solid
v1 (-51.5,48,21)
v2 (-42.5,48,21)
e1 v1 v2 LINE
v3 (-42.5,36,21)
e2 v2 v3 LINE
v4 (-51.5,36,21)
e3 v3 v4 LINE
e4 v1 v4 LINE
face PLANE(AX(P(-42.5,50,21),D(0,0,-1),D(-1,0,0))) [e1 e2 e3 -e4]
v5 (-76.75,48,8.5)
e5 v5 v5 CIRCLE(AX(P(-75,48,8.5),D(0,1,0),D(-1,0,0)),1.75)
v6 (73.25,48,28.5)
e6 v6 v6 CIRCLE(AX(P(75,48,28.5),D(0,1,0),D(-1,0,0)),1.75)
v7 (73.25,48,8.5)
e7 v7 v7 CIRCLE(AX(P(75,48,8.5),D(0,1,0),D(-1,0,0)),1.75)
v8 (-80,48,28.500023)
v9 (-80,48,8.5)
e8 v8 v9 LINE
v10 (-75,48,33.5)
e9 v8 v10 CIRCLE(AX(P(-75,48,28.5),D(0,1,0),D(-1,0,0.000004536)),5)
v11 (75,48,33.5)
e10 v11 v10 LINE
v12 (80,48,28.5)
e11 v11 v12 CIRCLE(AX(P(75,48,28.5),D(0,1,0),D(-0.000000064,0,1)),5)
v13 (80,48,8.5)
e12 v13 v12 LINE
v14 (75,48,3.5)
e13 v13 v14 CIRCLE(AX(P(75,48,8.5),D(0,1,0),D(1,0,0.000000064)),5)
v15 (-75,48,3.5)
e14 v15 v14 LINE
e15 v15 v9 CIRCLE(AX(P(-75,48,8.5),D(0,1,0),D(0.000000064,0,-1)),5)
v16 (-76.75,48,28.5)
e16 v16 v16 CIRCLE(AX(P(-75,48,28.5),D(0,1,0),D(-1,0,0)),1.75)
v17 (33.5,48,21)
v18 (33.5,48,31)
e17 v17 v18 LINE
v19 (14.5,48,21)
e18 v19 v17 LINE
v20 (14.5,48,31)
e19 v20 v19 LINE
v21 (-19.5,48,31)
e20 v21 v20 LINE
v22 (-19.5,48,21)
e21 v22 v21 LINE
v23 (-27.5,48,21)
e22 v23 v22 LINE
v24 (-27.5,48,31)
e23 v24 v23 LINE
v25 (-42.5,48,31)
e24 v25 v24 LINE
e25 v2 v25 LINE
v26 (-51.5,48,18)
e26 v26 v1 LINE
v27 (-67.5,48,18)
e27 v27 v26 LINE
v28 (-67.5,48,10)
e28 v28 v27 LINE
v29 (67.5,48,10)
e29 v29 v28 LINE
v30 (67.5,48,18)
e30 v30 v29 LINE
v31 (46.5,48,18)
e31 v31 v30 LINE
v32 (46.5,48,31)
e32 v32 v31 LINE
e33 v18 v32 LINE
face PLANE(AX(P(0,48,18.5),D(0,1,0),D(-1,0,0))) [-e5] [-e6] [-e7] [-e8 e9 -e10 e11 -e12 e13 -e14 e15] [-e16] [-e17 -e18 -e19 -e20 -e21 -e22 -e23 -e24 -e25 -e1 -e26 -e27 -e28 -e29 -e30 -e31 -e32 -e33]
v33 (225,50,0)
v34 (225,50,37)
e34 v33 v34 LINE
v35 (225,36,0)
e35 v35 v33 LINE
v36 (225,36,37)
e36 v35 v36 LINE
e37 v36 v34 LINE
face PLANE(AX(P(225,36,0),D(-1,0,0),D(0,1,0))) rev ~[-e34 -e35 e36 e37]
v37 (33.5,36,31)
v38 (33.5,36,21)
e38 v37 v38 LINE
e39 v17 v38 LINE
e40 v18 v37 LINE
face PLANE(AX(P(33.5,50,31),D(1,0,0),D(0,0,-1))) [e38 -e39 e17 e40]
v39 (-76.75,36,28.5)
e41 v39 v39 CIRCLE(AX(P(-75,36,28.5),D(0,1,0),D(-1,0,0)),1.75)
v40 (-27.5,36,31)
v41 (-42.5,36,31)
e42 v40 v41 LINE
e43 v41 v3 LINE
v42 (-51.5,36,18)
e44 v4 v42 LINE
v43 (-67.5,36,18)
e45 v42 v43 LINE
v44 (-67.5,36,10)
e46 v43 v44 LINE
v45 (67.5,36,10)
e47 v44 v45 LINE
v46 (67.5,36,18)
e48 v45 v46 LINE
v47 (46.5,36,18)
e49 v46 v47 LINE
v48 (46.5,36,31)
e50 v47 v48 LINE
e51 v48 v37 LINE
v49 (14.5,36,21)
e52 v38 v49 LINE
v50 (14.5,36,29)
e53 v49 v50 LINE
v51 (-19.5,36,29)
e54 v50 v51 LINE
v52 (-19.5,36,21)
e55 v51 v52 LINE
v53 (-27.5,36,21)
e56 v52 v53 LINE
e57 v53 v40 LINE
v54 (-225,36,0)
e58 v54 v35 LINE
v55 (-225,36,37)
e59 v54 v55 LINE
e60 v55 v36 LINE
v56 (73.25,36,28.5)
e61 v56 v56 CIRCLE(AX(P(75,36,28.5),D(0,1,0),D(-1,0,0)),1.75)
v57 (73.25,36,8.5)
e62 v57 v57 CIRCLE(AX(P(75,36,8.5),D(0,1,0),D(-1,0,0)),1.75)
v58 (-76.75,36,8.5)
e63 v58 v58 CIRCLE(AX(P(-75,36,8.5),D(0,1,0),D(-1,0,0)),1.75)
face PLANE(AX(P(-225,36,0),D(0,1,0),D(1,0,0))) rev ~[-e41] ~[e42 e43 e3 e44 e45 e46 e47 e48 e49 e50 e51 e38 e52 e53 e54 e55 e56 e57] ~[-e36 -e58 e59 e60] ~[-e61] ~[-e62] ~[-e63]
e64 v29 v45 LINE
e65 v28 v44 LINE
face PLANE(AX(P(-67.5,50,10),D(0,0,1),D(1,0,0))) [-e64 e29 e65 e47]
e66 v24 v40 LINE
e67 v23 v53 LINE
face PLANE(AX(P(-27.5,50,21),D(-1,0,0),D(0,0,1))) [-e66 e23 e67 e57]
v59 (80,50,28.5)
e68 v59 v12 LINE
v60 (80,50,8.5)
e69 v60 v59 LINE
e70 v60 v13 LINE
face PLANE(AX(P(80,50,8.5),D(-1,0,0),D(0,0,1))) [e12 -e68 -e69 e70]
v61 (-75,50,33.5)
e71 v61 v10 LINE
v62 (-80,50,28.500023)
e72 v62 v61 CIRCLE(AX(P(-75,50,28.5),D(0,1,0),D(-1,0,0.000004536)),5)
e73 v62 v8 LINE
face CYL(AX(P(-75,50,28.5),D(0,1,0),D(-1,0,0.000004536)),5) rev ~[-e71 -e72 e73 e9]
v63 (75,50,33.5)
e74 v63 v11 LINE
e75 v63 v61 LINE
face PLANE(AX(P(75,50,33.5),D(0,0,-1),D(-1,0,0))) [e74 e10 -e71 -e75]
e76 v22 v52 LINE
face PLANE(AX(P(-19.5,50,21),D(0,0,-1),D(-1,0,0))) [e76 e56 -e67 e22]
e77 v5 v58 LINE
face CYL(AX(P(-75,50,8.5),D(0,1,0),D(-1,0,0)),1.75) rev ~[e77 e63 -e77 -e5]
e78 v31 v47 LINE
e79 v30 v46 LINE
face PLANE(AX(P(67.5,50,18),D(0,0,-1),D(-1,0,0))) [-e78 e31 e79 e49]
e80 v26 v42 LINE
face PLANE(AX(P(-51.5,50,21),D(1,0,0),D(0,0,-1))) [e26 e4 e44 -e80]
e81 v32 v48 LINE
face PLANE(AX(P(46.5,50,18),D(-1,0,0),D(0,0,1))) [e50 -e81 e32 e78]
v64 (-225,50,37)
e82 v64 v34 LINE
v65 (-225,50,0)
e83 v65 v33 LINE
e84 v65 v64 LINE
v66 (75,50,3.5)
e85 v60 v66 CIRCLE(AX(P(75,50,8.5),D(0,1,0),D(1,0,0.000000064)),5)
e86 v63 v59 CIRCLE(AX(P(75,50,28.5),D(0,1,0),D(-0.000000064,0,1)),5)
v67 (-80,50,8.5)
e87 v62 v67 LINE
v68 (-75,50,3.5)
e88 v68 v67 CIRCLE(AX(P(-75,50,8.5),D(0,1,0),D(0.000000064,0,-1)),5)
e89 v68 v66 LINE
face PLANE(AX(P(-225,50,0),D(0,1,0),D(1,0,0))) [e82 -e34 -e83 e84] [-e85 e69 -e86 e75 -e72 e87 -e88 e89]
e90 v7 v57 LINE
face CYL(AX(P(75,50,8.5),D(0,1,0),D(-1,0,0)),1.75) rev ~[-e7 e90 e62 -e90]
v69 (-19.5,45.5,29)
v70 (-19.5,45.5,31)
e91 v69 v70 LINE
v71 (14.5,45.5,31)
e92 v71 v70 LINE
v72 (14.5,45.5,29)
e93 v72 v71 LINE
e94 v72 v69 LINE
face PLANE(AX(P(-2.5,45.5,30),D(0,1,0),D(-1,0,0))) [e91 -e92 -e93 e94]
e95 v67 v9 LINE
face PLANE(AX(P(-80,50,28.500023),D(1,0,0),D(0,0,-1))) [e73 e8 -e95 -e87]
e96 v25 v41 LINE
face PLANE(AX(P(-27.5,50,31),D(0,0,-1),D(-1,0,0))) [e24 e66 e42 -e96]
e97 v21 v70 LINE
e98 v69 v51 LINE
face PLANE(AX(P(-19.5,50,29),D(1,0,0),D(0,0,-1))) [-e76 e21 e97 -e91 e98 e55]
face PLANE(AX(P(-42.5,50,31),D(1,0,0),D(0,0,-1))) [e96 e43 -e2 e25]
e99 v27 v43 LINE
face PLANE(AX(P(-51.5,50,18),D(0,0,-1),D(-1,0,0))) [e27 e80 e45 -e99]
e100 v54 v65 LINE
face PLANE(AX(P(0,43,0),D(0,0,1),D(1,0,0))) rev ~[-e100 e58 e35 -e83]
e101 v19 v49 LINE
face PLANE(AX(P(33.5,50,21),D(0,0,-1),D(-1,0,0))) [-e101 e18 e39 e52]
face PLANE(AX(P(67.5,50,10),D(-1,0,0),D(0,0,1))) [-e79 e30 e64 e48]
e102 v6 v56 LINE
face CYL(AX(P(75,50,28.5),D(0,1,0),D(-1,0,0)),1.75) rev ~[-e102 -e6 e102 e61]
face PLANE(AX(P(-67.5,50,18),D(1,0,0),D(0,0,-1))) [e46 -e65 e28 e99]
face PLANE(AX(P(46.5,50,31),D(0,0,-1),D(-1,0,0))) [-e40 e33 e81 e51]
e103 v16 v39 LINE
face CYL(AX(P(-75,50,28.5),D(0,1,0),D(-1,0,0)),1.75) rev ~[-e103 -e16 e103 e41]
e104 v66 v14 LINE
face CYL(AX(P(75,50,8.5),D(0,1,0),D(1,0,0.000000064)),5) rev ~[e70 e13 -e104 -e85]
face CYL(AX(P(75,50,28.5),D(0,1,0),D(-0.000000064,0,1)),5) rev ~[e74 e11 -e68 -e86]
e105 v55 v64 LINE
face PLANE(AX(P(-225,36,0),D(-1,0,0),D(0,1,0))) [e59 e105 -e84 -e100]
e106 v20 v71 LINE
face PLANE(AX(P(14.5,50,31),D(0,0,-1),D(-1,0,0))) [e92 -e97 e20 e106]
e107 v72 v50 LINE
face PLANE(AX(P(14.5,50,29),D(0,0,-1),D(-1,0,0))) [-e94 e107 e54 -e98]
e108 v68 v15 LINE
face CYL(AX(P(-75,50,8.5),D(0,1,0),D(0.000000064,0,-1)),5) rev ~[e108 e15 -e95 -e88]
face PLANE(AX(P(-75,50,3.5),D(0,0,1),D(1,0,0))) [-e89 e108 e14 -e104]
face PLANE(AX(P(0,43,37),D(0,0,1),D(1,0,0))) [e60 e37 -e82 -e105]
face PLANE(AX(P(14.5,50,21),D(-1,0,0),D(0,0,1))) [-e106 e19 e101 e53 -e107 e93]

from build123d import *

# Parameters (mm, degrees)
SKETCH008_W          = 450
SKETCH008_H          = 14
PAD008_DEPTH         = 37
SKETCH015_R          = 1.75
POCKET007_DEPTH      = 14.001
POCKET007_DEPTH_BACK = 0.001
SKETCH016_W          = 34
SKETCH016_H          = 2
POCKET008_DEPTH      = 4.5
POCKET010_DEPTH      = 2


with BuildPart() as part:
    # Sketch008 → Pad008 (new body)
    with BuildSketch(Plane.XY):
        with Locations((0, 43)):
            Rectangle(SKETCH008_W, SKETCH008_H)
    extrude(amount=PAD008_DEPTH)

    # Sketch015 (on Face1 of Pad008) → Pocket007 (cut, two sides)
    with BuildSketch(Plane(origin=(0, 50, 0), x_dir=(-1, 0, 0), z_dir=(0, 1, 0))) as pocket007_sk:
        with Locations((-75, 28.5)):
            Circle(SKETCH015_R)
        with Locations((-75, 8.5)):
            Circle(SKETCH015_R)
        with Locations((75, 28.5)):
            Circle(SKETCH015_R)
        with Locations((75, 8.5)):
            Circle(SKETCH015_R)
        Polygon((-67.5, 18), (-46.5, 18), (-46.5, 31), (-33.5, 31), (-33.5, 21), (-14.5, 21), (-14.5, 29), (19.5, 29), (19.5, 21), (27.5, 21), (27.5, 31), (42.5, 31), (42.5, 21), (51.5, 21), (51.5, 18), (67.5, 18), (67.5, 10), (-67.5, 10), align=None)
    extrude(amount=-POCKET007_DEPTH, mode=Mode.SUBTRACT)
    extrude(pocket007_sk.sketch, amount=POCKET007_DEPTH_BACK, mode=Mode.SUBTRACT)

    # Sketch016 (on Face1 of Pocket007) → Pocket008 (cut)
    with BuildSketch(Plane(origin=(0, 50, 0), x_dir=(-1, 0, 0), z_dir=(0, 1, 0))):
        with Locations((2.5, 30)):
            Rectangle(SKETCH016_W, SKETCH016_H)
    extrude(amount=-POCKET008_DEPTH, mode=Mode.SUBTRACT)

    # Sketch019 (on Face1 of Pocket008) → Pocket010 (cut)
    with BuildSketch(Plane(origin=(0, 50, 0), x_dir=(-1, 0, 0), z_dir=(0, 1, 0))):
        with BuildLine():
            ThreePointArc((-75, 33.5), (-78.535534, 32.035534), (-80, 28.5))
            Line((-80, 8.5), (-80, 28.5))
            ThreePointArc((-80, 8.5), (-78.535534, 4.964466), (-75, 3.5))
            Line((75, 3.5), (-75, 3.5))
            ThreePointArc((75, 3.5), (78.535534, 4.964466), (80, 8.5))
            Line((80, 28.500023), (80, 8.5))
            ThreePointArc((80, 28.500023), (78.535526, 32.035542), (75, 33.5))
            Line((-75, 33.5), (75, 33.5))
        make_face()
    extrude(amount=-POCKET010_DEPTH, mode=Mode.SUBTRACT)


solid = part.part
